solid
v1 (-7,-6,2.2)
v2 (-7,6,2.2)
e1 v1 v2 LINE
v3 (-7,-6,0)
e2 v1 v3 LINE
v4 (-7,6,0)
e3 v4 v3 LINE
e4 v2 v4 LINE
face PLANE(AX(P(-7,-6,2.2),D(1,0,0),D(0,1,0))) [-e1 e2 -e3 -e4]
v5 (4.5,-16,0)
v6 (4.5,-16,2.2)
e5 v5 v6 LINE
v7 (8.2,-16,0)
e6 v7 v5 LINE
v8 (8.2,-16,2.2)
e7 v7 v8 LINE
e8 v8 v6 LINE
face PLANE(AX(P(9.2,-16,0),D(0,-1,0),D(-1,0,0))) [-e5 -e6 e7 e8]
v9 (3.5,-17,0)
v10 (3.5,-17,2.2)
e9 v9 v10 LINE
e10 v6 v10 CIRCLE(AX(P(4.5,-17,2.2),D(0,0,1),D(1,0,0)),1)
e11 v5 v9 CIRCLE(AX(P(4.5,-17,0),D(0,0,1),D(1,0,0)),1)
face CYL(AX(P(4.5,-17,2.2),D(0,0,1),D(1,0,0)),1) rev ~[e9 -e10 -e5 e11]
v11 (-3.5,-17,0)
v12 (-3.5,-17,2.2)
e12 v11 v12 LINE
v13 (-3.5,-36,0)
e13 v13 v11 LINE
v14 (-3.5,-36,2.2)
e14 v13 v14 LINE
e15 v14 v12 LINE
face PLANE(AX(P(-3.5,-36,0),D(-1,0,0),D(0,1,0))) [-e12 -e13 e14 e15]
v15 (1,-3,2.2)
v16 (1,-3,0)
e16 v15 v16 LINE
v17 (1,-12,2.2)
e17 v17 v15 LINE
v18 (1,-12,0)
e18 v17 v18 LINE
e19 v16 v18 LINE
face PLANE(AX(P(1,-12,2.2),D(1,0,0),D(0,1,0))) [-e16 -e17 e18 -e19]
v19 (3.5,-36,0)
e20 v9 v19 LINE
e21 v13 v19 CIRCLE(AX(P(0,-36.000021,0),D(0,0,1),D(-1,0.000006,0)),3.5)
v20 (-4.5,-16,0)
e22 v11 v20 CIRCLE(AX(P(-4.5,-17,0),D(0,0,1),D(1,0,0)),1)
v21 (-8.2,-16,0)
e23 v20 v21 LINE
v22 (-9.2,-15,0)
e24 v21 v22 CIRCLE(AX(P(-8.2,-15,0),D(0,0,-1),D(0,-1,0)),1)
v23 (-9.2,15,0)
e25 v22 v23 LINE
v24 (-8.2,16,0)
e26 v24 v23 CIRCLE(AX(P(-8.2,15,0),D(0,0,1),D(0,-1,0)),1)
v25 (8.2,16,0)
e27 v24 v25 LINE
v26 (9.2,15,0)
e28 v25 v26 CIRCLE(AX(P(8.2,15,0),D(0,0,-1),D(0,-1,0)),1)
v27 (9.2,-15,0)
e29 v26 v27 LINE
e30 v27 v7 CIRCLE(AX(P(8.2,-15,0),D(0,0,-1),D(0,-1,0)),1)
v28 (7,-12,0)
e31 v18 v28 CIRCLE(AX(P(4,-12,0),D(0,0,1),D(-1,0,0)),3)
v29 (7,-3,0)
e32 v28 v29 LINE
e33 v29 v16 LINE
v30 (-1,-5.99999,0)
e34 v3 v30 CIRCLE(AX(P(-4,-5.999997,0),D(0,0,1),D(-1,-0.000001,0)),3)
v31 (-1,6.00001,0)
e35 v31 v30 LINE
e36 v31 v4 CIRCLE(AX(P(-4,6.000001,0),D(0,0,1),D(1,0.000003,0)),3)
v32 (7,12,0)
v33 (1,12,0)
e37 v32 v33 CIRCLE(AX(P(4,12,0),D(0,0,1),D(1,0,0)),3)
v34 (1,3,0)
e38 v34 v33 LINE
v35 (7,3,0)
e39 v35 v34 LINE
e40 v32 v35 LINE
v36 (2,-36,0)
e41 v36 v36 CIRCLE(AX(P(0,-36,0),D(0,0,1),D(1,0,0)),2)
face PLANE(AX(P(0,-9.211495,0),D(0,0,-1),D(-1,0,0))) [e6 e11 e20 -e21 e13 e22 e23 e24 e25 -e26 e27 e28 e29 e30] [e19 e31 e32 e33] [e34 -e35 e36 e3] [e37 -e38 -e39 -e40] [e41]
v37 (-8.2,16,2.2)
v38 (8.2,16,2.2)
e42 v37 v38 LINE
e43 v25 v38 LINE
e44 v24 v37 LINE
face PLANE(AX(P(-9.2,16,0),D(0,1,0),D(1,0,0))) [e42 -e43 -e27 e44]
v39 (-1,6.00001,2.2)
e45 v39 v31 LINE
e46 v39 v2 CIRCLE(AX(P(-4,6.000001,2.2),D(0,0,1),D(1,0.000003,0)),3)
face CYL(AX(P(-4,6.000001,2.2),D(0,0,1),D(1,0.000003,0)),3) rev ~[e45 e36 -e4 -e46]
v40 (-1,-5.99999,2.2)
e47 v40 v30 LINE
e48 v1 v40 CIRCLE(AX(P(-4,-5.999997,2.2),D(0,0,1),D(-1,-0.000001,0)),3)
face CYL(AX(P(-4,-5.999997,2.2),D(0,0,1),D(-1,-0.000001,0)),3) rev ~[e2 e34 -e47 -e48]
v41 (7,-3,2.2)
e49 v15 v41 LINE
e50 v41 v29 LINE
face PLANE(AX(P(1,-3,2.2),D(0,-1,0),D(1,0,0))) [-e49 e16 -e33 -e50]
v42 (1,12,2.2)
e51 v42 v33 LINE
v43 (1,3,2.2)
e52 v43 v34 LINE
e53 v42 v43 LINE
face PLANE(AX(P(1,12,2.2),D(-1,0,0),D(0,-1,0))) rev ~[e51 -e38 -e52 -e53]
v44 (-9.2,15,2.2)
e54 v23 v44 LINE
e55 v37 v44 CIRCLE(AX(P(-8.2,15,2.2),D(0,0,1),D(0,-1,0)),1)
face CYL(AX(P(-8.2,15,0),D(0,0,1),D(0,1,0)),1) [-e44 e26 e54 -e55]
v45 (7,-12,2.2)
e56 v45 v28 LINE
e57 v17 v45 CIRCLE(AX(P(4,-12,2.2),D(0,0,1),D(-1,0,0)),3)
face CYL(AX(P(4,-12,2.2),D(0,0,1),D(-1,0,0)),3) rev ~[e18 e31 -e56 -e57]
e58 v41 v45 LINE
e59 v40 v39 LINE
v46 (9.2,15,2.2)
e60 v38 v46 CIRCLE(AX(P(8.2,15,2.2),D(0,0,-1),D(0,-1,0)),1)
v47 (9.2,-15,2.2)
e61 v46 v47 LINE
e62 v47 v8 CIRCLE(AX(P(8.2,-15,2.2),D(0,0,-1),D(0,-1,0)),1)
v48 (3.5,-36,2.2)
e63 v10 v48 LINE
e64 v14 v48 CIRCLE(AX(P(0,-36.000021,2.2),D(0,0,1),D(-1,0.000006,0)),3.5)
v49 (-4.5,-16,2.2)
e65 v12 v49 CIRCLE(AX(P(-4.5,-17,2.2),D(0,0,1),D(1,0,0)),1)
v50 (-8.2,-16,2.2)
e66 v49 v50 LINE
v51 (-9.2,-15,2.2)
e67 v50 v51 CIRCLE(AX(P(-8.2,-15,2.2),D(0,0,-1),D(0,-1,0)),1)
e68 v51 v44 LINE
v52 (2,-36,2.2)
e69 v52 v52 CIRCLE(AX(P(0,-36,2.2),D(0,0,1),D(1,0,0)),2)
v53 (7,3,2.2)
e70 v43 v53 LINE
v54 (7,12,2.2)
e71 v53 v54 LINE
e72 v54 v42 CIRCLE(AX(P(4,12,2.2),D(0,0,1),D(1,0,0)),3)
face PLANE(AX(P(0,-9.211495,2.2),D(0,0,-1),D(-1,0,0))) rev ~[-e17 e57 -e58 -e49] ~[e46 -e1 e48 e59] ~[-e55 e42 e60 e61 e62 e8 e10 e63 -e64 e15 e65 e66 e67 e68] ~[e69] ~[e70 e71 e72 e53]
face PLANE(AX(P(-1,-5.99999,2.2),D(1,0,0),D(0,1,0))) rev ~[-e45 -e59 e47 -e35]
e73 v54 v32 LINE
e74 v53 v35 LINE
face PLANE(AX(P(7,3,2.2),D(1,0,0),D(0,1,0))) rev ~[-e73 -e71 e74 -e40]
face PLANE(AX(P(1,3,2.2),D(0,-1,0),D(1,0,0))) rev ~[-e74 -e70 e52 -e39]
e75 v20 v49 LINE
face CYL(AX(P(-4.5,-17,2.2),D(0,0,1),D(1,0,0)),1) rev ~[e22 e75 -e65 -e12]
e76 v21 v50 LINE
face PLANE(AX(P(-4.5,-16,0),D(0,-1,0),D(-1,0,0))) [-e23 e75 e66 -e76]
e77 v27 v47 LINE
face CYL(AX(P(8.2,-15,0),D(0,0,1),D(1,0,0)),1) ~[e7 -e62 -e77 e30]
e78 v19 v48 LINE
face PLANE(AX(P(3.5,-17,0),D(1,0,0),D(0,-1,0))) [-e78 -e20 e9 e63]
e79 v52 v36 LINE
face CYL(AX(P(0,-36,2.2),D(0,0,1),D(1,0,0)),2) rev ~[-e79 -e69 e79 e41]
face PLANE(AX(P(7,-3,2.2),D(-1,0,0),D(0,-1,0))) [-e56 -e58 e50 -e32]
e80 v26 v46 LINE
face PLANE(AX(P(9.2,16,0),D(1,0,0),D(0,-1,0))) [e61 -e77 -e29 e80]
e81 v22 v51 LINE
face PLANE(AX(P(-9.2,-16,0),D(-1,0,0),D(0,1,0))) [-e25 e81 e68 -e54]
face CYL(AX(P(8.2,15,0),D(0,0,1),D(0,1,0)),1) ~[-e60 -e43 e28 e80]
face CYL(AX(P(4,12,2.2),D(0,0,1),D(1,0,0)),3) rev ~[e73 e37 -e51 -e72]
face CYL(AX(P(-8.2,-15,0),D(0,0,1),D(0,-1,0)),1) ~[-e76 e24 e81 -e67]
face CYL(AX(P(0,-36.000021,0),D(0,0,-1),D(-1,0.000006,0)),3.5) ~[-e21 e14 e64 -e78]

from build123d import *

# Parameters (mm, degrees)
PAD_DEPTH     = 2.2
FILLET_R      = 1
SKETCH001_R   = 2
SKETCH001_R_2 = 1
POCKET_DEPTH  = 5


with BuildPart() as part:
    # Sketch → Pad (new body)
    with BuildSketch(Plane.XY):
        with BuildLine():
            Line((-9.2, 16), (9.2, 16))
            Line((9.2, 16), (9.2, -16))
            Line((9.2, -16), (4.5, -16))
            Line((4.5, -16), (4.5, -17))
            Line((4.5, -17), (3.5, -17))
            Line((3.5, -17), (3.5, -36))
            ThreePointArc((-3.5, -36), (0, -39.500021), (3.5, -36))
            Line((-3.5, -36), (-3.5, -17))
            Line((-3.5, -17), (-4.5, -17))
            Line((-4.5, -17), (-4.5, -16))
            Line((-4.5, -16), (-9.2, -16))
            Line((-9.2, -16), (-9.2, 16))
        make_face()
    extrude(amount=PAD_DEPTH)

    # Fillet
    fillet_edges = [part.edges().sort_by_distance(p)[0] for p in [
        (-9.2, 16, 1.1),
        (9.2, 16, 1.1),
        (9.2, -16, 1.1),
        (-9.2, -16, 1.1),
    ]]
    fillet(fillet_edges, radius=FILLET_R)

    # Sketch001 (on DatumPlane) → Pocket (cut)
    with BuildSketch(Plane.XY.offset(2.2)):
        with Locations((0, -36)):
            Circle(SKETCH001_R)
        with Locations((-4.5, -17)):
            Circle(SKETCH001_R_2)
        with Locations((4.5, -17)):
            Circle(SKETCH001_R_2)
        with BuildLine():
            ThreePointArc((-1, 6.00001), (-4.000005, 9.000001), (-7, 6))
            Line((-7, -6), (-7, 6))
            ThreePointArc((-7, -6), (-3.999995, -8.999997), (-1, -5.99999))
            Line((-1, -5.99999), (-1, 6.00001))
        make_face()
        with BuildLine():
            Line((1, 12), (1, 3))
            Line((1, 3), (7, 3))
            Line((7, 3), (7, 12))
            ThreePointArc((7, 12), (4, 15), (1, 12))
        make_face()
        with BuildLine():
            Line((1, -12), (1, -3))
            Line((1, -3), (7, -3))
            Line((7, -3), (7, -12))
            ThreePointArc((1, -12), (4, -15), (7, -12))
        make_face()
    extrude(amount=-POCKET_DEPTH, mode=Mode.SUBTRACT)


solid = part.part
